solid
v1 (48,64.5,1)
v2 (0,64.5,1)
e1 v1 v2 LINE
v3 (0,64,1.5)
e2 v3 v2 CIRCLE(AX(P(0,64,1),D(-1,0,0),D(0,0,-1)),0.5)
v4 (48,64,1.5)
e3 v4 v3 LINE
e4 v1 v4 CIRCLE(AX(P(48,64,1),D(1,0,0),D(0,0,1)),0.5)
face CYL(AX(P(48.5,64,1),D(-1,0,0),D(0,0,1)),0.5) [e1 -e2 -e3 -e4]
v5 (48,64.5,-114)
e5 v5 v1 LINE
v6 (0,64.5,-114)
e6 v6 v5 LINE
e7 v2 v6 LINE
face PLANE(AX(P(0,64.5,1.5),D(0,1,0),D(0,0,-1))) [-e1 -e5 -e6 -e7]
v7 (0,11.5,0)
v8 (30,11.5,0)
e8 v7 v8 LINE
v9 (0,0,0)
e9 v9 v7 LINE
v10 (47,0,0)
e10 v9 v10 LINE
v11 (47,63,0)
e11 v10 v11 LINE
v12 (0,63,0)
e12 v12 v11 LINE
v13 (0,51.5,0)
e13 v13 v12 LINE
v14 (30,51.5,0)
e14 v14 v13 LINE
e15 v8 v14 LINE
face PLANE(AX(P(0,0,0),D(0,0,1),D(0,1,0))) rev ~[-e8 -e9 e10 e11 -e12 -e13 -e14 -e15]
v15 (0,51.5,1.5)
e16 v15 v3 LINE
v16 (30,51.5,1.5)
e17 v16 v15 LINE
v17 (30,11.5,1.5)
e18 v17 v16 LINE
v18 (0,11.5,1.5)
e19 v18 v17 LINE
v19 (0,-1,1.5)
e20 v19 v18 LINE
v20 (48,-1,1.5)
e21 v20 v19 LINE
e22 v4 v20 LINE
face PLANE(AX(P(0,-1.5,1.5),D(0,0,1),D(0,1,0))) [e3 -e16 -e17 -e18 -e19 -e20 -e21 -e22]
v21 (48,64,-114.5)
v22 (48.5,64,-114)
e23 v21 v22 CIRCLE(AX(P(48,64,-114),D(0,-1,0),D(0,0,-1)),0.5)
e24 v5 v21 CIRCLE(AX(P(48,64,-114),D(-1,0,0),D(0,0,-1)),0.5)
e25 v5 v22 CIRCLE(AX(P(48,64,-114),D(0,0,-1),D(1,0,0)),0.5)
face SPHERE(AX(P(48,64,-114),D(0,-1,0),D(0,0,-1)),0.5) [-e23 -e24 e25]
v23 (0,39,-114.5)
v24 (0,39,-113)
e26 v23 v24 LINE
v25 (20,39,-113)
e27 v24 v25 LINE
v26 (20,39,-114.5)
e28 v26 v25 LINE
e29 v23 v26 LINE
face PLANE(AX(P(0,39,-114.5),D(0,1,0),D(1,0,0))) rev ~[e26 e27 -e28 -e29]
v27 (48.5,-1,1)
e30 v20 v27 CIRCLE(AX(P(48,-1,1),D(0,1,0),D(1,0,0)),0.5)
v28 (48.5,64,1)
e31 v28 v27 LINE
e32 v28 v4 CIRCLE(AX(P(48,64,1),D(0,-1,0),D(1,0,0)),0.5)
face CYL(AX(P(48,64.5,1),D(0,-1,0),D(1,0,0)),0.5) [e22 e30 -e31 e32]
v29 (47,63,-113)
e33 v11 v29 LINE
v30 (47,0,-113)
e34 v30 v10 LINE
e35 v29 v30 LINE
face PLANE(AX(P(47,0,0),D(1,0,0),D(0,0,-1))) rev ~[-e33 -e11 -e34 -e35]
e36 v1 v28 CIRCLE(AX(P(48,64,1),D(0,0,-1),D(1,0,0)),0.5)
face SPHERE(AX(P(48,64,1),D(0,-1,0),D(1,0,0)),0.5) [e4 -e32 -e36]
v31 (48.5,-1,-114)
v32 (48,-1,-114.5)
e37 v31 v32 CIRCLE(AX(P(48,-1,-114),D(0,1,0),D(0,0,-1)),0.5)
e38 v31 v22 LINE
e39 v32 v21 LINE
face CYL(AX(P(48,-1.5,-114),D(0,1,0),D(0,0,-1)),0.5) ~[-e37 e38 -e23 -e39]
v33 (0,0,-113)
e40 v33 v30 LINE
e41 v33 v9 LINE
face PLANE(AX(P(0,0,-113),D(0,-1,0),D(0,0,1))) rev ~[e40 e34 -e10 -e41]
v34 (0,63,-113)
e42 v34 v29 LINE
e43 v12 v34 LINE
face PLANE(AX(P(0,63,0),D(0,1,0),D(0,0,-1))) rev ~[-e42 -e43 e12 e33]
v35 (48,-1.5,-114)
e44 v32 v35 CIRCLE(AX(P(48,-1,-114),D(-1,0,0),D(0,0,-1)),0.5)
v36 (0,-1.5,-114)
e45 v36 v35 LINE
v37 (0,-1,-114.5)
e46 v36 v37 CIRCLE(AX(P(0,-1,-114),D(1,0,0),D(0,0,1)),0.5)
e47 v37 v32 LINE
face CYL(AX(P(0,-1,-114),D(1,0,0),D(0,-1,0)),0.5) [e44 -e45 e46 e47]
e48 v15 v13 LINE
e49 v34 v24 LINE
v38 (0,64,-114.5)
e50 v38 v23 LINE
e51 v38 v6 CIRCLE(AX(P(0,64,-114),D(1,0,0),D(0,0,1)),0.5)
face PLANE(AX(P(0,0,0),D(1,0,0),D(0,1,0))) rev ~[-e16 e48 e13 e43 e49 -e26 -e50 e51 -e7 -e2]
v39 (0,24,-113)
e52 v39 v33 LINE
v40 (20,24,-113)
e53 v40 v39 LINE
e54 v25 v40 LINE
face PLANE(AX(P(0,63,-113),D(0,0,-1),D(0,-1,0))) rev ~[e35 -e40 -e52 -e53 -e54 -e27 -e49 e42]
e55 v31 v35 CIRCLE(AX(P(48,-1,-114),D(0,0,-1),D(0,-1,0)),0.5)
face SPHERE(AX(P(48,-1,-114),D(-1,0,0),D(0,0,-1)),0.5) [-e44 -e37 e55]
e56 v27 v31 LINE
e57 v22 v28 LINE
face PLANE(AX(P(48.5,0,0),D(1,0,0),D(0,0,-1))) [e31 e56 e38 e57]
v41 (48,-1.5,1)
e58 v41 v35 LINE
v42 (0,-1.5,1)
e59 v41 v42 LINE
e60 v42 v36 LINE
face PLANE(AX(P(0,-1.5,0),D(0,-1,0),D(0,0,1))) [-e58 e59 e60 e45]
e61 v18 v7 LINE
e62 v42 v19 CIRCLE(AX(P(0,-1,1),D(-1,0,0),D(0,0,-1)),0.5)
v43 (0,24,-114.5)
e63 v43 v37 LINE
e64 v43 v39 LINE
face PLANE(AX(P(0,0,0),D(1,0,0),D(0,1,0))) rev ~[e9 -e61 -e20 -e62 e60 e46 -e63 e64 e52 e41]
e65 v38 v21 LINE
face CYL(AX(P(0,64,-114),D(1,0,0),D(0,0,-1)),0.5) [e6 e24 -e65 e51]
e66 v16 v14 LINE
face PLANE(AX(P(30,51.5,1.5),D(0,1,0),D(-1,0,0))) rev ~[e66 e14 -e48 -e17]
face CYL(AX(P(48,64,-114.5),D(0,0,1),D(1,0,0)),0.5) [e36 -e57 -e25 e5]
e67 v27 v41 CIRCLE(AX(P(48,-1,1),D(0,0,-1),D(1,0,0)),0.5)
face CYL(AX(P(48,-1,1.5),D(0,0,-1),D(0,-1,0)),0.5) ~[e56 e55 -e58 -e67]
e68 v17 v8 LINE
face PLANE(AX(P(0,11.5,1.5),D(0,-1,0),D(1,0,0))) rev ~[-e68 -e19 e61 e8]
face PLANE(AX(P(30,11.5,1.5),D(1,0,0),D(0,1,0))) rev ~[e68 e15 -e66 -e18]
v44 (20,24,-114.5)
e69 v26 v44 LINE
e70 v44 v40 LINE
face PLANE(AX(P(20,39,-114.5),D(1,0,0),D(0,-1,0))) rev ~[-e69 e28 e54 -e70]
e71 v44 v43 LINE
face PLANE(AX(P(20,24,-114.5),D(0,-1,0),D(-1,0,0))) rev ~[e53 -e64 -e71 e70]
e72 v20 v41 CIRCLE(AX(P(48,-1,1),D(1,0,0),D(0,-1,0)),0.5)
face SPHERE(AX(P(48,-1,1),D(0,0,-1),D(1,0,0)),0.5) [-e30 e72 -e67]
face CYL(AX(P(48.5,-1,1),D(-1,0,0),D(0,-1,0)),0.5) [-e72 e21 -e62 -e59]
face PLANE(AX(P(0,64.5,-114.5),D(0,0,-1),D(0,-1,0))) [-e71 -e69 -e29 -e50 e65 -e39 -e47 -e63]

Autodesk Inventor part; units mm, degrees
ref_plane "YZ Plane" through (0, 0, 0) normal (1, 0, 0) x (0, 1, 0)
ref_plane "XZ Plane" through (0, 0, 0) normal (0, 1, 0) x (-1, 0, 0)
ref_plane "XY Plane" through (0, 0, 0) normal (0, 0, 1) x (1, 0, 0)
sketch "Sketch1" plane through (0, 0, 0) normal (1, 0, 0) x (0, 1, 0)
  line L0 (0, 0) -> (63, 0)
  line L1 (63, 0) -> (63, -113)
  line L2 (63, -113) -> (0, -113)
  line L3 (0, -113) -> (0, 0)
  line L4 (0, 0) -> (-1.5, 0)
  line L5 (-1.5, 0) -> (-1.5, 1.5)
  line L6 (-1.5, 1.5) -> (64.5, 1.5)
  line L7 (64.5, 1.5) -> (64.5, -114.5)
  line L8 (64.5, -114.5) -> (-1.5, -114.5)
  line L9 (-1.5, -114.5) -> (-1.5, 1.5)
  dimension "d0" = 63
  dimension "d1" = 113
  dimension "d2" = 1.5
  dimension "d3" = 1.5
  dimension "d4" = 66
  dimension "d5" = 116
extrude "Extrusion1" add sketch "Sketch1" along normal blind 47
sketch "Sketch2" plane through (47, 0, 0) normal (1, 0, 0) x (0, 0, -1)
  line L0 (114.5, -1.5) -> (114.5, 64.5) projected
  line L1 (114.5, 64.5) -> (-1.5, 64.5) projected
  line L2 (-1.5, 64.5) -> (-1.5, -1.5) projected
  line L3 (-1.5, -1.5) -> (114.5, -1.5) projected
  line L4 (0, 0) -> (0, 63) projected
  line L5 (0, 63) -> (113, 63) projected
  line L6 (113, 63) -> (113, 0) projected
  line L7 (113, 0) -> (0, 0) projected
extrude "Extrusion2" add sketch "Sketch2" along normal blind 1.5 contours L3 L2 L1 L0 | L4 L5 L6 L7
sketch "Sketch3" plane through (0, -1.5, 1.5) normal (0, 0, 1) x (1, 0, 0)
  line L0 (0, 66) -> (0, 0) projected
  line L1 (0, 0) -> (48.5, 0) projected
  line L2 (48.5, 66) -> (48.5, 0) projected
  line L3 (0, 66) -> (48.5, 66) projected
  line L4 (0, 0) -> (0, 66) projected
  line L5 (0, 66) -> (0, 33)
  line L6 (0, 33) -> (0, 13)
  line L7 (0, 13) -> (30, 13)
  line L8 (30, 13) -> (30, 53)
  line L9 (30, 53) -> (0, 53)
  point P0 (0, 1.5)
  dimension "d10" = 33
  dimension "d11" = 20
  dimension "d12" = 30
  dimension "d13" = 90
  dimension "d14" = 40
extrude "Extrusion3" cut sketch "Sketch3" against normal blind 1.5 contours L9 L8 L7 L0
sketch "Sketch4" plane through (0, -1.5, -114.5) normal (0, 0, -1) x (-1, 0, 0)
  line L0 (0, 0) -> (0, 66) projected
  line L1 (0, 66) -> (-48.5, 66) projected
  line L2 (-48.5, 0) -> (-48.5, 66) projected
  line L3 (0, 0) -> (-48.5, 0) projected
  line L4 (0, 0) -> (-48.5, 0) projected
  line L5 (0, 0) -> (0, 33)
  line L6 (0, 33) -> (0, 40.5)
  line L7 (0, 40.5) -> (-20, 40.5)
  line L8 (-20, 40.5) -> (-20, 25.5)
  line L9 (-20, 25.5) -> (0, 25.5)
  line L10 (0, 64.5) -> (0, 1.5) projected
  line L11 (0, 33) -> (0, 25.5)
  dimension "d17" = 33
  dimension "d18" = 7.5
  dimension "d19" = 20
  dimension "d20" = 15
extrude "Extrusion4" cut sketch "Sketch4" against normal blind 1.5 contours L9 L8 L7 L0
fillet "Fillet1" radius 0.5 8 edges at (24.25, -1.5, -114.5) (48.5, 31.5, -114.5) (48.5, -1.5, -56.5) (48.5, 31.5, 1.5) (24.25, -1.5, 1.5) (24.25, 64.5, -114.5) (48.5, 64.5, -56.5) (24.25, 64.5, 1.5)
properties part number "carcasa_exterior"
